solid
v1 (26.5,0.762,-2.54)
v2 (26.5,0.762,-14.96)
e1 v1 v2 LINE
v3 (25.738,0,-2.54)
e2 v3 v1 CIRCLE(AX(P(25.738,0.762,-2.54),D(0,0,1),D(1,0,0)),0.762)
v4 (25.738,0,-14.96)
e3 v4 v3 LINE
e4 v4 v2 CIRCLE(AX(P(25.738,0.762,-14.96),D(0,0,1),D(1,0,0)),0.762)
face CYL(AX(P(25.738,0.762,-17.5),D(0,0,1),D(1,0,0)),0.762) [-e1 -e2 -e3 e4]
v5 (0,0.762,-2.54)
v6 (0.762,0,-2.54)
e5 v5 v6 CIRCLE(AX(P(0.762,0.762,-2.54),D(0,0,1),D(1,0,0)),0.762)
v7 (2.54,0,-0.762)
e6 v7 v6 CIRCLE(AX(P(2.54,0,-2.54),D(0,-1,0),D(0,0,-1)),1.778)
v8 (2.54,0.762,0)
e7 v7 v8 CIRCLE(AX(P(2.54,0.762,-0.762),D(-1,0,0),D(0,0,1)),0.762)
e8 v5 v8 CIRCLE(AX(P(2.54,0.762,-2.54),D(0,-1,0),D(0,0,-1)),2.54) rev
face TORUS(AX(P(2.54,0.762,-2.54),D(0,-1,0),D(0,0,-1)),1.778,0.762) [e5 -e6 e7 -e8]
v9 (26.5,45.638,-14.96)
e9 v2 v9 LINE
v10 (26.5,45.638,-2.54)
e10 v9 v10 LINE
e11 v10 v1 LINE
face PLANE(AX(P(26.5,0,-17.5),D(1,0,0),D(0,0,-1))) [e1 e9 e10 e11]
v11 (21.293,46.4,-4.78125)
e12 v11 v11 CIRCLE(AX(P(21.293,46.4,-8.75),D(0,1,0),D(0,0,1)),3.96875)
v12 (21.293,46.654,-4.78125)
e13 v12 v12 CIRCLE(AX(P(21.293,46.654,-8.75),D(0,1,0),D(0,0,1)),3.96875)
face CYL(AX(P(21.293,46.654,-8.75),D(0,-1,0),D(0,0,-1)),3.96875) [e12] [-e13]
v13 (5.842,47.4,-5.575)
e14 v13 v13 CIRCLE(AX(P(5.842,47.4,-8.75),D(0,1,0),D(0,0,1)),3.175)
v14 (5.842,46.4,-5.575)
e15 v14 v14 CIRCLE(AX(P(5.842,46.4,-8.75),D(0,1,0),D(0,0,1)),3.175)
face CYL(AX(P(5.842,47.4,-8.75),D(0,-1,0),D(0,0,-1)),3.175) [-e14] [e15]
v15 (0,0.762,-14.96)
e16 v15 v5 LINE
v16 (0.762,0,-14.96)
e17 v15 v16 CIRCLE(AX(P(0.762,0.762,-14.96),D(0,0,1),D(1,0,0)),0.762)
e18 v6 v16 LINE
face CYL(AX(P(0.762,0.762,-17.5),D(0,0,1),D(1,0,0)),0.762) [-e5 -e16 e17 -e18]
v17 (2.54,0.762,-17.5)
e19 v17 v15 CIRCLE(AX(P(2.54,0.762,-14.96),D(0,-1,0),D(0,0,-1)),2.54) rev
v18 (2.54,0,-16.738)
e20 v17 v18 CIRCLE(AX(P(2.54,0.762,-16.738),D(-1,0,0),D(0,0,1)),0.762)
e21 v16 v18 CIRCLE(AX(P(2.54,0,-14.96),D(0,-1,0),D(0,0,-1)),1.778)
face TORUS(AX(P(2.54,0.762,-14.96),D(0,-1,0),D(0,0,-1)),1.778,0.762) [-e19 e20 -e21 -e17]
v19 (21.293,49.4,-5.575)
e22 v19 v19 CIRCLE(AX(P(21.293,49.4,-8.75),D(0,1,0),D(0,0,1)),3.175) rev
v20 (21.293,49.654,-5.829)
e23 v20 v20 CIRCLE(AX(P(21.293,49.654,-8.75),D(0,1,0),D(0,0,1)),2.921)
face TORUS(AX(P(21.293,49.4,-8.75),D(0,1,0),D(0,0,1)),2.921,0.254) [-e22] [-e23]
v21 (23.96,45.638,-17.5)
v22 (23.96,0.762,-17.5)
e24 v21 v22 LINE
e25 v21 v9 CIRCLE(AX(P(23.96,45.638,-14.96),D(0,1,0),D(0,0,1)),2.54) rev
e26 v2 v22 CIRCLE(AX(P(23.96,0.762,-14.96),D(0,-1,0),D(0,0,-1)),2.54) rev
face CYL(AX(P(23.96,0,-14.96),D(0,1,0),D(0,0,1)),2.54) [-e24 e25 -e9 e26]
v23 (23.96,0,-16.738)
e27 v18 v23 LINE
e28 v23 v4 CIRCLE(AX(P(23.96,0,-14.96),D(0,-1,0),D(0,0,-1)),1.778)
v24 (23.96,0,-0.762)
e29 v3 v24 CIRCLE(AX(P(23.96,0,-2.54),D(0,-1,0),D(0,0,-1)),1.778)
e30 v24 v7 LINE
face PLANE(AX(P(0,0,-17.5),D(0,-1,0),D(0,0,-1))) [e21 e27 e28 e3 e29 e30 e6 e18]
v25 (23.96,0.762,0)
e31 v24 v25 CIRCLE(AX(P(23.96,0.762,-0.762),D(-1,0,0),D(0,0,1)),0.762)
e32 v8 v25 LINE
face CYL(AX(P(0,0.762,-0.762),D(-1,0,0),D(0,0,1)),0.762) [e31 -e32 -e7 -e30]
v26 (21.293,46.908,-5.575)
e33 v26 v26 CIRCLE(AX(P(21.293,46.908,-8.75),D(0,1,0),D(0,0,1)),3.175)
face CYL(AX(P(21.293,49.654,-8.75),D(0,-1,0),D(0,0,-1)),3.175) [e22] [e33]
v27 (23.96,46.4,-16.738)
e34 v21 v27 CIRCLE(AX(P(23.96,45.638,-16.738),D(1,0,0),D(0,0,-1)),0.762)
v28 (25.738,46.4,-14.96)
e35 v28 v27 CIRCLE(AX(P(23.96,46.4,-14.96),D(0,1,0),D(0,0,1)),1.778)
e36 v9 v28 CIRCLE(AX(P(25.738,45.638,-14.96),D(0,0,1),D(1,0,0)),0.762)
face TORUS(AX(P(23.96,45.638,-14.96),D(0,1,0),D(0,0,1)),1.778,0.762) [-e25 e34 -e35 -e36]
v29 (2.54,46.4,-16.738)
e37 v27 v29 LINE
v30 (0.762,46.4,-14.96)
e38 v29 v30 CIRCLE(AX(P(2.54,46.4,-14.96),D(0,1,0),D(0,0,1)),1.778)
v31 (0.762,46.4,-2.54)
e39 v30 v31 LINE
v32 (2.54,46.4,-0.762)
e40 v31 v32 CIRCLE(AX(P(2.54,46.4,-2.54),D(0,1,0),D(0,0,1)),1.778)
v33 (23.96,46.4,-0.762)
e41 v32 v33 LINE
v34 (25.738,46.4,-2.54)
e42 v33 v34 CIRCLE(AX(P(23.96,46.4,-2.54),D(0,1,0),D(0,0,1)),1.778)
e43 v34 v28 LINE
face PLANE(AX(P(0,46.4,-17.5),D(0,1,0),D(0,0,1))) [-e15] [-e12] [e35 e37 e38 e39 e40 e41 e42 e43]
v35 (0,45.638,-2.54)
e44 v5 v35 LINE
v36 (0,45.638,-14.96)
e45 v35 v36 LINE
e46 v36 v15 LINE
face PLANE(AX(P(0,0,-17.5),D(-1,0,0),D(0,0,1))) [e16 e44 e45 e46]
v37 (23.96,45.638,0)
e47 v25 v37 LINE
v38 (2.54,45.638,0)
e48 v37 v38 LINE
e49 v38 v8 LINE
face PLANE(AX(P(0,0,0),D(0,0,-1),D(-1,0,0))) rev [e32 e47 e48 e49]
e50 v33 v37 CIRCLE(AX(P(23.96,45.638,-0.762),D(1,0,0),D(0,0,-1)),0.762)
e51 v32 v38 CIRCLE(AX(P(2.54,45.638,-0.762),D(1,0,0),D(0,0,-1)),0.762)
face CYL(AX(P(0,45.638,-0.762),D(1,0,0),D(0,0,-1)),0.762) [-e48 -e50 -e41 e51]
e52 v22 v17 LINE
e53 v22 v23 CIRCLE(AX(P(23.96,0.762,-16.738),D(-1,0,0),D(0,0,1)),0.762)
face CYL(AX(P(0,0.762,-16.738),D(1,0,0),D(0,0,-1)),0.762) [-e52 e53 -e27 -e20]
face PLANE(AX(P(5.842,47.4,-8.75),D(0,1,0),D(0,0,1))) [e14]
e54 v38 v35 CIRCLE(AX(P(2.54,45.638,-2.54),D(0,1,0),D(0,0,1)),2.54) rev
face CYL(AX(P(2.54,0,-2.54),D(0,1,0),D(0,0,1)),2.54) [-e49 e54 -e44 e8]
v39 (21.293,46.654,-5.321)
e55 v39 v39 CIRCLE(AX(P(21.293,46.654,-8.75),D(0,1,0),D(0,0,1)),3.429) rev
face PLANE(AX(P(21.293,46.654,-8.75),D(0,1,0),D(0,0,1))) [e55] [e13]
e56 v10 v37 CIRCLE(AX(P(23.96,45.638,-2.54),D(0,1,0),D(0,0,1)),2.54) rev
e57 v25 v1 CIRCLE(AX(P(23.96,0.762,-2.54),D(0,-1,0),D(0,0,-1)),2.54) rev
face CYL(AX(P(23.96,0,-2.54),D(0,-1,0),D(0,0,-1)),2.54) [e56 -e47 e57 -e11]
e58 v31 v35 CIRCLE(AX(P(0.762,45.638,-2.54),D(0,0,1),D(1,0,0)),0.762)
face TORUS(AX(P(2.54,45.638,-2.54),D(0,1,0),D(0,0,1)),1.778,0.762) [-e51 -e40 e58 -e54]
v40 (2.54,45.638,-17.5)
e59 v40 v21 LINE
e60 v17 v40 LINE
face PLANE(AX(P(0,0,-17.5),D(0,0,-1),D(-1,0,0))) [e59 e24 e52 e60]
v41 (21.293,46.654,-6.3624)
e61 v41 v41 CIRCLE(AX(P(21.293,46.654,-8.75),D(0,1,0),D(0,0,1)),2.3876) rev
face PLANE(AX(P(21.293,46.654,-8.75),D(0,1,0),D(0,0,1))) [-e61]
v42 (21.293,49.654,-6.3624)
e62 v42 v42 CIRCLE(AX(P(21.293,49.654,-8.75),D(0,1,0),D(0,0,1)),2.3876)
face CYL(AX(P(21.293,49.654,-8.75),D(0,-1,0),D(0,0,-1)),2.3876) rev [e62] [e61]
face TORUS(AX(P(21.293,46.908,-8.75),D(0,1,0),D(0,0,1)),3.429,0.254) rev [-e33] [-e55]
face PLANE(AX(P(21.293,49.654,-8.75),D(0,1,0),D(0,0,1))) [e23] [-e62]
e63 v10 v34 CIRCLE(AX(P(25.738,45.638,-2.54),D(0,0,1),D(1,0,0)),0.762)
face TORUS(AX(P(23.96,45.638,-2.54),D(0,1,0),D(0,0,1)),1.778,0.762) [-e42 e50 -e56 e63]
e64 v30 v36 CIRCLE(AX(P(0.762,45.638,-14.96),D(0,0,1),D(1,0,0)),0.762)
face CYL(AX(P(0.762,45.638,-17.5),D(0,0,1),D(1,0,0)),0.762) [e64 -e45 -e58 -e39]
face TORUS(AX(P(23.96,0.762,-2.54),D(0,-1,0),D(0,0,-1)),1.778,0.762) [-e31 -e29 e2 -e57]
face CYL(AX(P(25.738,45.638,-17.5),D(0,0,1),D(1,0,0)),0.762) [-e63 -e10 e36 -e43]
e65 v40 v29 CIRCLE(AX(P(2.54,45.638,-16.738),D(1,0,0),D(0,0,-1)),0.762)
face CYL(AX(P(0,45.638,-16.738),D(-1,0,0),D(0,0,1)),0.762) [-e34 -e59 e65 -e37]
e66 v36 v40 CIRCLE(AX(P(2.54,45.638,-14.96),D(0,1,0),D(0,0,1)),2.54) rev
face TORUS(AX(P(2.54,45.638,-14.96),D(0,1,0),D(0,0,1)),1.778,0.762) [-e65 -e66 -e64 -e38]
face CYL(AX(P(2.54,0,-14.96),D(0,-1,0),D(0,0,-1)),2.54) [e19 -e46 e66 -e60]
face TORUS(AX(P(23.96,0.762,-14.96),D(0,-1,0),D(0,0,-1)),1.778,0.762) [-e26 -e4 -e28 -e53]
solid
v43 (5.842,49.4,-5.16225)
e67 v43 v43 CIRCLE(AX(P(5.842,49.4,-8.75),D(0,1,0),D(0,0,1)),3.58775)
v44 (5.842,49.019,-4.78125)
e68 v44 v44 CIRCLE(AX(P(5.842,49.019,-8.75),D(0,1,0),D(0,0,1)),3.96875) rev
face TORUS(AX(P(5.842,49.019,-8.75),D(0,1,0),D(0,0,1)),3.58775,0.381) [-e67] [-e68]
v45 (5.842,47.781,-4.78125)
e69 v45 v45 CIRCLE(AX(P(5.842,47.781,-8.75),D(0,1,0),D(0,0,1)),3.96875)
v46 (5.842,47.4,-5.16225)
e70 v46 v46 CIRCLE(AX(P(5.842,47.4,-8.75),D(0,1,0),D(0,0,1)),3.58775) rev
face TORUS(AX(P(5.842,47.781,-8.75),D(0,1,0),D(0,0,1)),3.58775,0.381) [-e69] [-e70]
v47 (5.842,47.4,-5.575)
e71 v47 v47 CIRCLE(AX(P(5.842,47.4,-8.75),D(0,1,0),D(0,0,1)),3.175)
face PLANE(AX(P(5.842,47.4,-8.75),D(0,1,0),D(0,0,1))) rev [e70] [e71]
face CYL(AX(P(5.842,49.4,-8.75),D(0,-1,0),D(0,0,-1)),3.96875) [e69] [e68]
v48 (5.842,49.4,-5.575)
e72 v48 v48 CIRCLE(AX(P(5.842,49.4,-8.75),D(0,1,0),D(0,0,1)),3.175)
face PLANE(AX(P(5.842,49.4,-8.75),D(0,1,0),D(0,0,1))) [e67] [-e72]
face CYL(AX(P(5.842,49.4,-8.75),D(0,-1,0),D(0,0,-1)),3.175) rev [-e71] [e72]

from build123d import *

# Parameters (mm, degrees)
SKETCH2_W           = 26.5
SKETCH2_H           = 46.4
BOSS_EXTRUDE1_DEPTH = 17.5
FILLET1_R           = 2.54
FILLET2_R           = 0.762
SKETCH3_R           = 3.96875
BOSS_EXTRUDE2_DEPTH = 0.254
SKETCH4_R           = 3.175
SKETCH4_R_2         = 2.3876
BOSS_EXTRUDE3_DEPTH = 3
FILLET3_R           = 0.254
SKETCH5_R           = 3.175
BOSS_EXTRUDE4_DEPTH = 1
SKETCH6_R           = 3.96875
SKETCH6_R_2         = 3.175
BOSS_EXTRUDE5_DEPTH = 2
FILLET4_R           = 0.381


with BuildPart() as part:
    # Sketch2 → Boss-Extrude1 (new body)
    with BuildSketch(Plane.XY):
        with Locations((13.25, 23.2)):
            Rectangle(SKETCH2_W, SKETCH2_H)
    extrude(amount=-BOSS_EXTRUDE1_DEPTH)

    # Fillet1
    fillet1_edges = [part.edges().sort_by_distance(p)[0] for p in [
        (26.5, 23.2, -17.5),
        (0, 23.2, -17.5),
        (26.5, 23.2, 0),
        (0, 23.2, 0),
    ]]
    fillet(fillet1_edges, radius=FILLET1_R)

    # Fillet2
    fillet2_edges = [part.edges().sort_by_distance(p)[0] for p in [
        (0, 46.4, -8.75),
        (0, 0, -8.75),
        (13.25, 0, 0),
        (13.25, 0, -17.5),
        (26.5, 0, -8.75),
        (25.756051224, 0, -0.743948776),
        (25.756051224, 0, -16.756051224),
        (0.743948776, 0, -0.743948776),
        (0.743948776, 0, -16.756051224),
        (13.25, 46.4, -17.5),
        (13.25, 46.4, 0),
        (26.5, 46.4, -8.75),
        (25.756051224, 46.4, -0.743948776),
        (25.756051224, 46.4, -16.756051224),
        (0.743948776, 46.4, -0.743948776),
        (0.743948776, 46.4, -16.756051224),
    ]]
    fillet(fillet2_edges, radius=FILLET2_R)

    # Sketch3 → Boss-Extrude2 (add)
    with BuildSketch(Plane(origin=(0, 46.4, 0), x_dir=(1, 0, 0), z_dir=(0, 1, 0))):
        with Locations(Location((21.293, 8.75, 0), (0, 0, 270))):
            Circle(SKETCH3_R)
    extrude(amount=BOSS_EXTRUDE2_DEPTH)

    # Sketch4 → Boss-Extrude3 (add)
    with BuildSketch(Plane(origin=(0, 46.654, 0), x_dir=(1, 0, 0), z_dir=(0, 1, 0))):
        with Locations(Location((21.293, 8.75, 0), (0, 0, 270))):
            Circle(SKETCH4_R)
        with Locations(Location((21.293, 8.75, 0), (0, 0, 270))):
            Circle(SKETCH4_R_2, mode=Mode.SUBTRACT)
    extrude(amount=BOSS_EXTRUDE3_DEPTH)

    # Fillet3
    fillet3_edges = [part.edges().sort_by_distance(p)[0] for p in [
        (21.293, 49.654, -11.925),
        (21.293, 46.654, -11.925),
    ]]
    fillet(fillet3_edges, radius=FILLET3_R)

    # Sketch5 → Boss-Extrude4 (add)
    with BuildSketch(Plane(origin=(0, 46.4, 0), x_dir=(1, 0, 0), z_dir=(0, 1, 0))):
        with Locations(Location((5.842, 8.75, 0), (0, 0, 270))):
            Circle(SKETCH5_R)
    extrude(amount=BOSS_EXTRUDE4_DEPTH)


with BuildPart() as body_2:
    # Sketch6 → Boss-Extrude5 (new body)
    with BuildSketch(Plane(origin=(0, 47.4, 0), x_dir=(1, 0, 0), z_dir=(0, 1, 0))):
        with Locations(Location((5.842, 8.75, 0), (0, 0, 270))):
            Circle(SKETCH6_R)
        with Locations(Location((5.842, 8.75, 0), (0, 0, 270))):
            Circle(SKETCH6_R_2, mode=Mode.SUBTRACT)
    extrude(amount=BOSS_EXTRUDE5_DEPTH)

    # Fillet4
    fillet4_edges = [body_2.edges().sort_by_distance(p)[0] for p in [
        (5.842, 47.4, -12.71875),
        (5.842, 49.4, -12.71875),
    ]]
    fillet(fillet4_edges, radius=FILLET4_R)


solid = Compound([part.part, body_2.part])
